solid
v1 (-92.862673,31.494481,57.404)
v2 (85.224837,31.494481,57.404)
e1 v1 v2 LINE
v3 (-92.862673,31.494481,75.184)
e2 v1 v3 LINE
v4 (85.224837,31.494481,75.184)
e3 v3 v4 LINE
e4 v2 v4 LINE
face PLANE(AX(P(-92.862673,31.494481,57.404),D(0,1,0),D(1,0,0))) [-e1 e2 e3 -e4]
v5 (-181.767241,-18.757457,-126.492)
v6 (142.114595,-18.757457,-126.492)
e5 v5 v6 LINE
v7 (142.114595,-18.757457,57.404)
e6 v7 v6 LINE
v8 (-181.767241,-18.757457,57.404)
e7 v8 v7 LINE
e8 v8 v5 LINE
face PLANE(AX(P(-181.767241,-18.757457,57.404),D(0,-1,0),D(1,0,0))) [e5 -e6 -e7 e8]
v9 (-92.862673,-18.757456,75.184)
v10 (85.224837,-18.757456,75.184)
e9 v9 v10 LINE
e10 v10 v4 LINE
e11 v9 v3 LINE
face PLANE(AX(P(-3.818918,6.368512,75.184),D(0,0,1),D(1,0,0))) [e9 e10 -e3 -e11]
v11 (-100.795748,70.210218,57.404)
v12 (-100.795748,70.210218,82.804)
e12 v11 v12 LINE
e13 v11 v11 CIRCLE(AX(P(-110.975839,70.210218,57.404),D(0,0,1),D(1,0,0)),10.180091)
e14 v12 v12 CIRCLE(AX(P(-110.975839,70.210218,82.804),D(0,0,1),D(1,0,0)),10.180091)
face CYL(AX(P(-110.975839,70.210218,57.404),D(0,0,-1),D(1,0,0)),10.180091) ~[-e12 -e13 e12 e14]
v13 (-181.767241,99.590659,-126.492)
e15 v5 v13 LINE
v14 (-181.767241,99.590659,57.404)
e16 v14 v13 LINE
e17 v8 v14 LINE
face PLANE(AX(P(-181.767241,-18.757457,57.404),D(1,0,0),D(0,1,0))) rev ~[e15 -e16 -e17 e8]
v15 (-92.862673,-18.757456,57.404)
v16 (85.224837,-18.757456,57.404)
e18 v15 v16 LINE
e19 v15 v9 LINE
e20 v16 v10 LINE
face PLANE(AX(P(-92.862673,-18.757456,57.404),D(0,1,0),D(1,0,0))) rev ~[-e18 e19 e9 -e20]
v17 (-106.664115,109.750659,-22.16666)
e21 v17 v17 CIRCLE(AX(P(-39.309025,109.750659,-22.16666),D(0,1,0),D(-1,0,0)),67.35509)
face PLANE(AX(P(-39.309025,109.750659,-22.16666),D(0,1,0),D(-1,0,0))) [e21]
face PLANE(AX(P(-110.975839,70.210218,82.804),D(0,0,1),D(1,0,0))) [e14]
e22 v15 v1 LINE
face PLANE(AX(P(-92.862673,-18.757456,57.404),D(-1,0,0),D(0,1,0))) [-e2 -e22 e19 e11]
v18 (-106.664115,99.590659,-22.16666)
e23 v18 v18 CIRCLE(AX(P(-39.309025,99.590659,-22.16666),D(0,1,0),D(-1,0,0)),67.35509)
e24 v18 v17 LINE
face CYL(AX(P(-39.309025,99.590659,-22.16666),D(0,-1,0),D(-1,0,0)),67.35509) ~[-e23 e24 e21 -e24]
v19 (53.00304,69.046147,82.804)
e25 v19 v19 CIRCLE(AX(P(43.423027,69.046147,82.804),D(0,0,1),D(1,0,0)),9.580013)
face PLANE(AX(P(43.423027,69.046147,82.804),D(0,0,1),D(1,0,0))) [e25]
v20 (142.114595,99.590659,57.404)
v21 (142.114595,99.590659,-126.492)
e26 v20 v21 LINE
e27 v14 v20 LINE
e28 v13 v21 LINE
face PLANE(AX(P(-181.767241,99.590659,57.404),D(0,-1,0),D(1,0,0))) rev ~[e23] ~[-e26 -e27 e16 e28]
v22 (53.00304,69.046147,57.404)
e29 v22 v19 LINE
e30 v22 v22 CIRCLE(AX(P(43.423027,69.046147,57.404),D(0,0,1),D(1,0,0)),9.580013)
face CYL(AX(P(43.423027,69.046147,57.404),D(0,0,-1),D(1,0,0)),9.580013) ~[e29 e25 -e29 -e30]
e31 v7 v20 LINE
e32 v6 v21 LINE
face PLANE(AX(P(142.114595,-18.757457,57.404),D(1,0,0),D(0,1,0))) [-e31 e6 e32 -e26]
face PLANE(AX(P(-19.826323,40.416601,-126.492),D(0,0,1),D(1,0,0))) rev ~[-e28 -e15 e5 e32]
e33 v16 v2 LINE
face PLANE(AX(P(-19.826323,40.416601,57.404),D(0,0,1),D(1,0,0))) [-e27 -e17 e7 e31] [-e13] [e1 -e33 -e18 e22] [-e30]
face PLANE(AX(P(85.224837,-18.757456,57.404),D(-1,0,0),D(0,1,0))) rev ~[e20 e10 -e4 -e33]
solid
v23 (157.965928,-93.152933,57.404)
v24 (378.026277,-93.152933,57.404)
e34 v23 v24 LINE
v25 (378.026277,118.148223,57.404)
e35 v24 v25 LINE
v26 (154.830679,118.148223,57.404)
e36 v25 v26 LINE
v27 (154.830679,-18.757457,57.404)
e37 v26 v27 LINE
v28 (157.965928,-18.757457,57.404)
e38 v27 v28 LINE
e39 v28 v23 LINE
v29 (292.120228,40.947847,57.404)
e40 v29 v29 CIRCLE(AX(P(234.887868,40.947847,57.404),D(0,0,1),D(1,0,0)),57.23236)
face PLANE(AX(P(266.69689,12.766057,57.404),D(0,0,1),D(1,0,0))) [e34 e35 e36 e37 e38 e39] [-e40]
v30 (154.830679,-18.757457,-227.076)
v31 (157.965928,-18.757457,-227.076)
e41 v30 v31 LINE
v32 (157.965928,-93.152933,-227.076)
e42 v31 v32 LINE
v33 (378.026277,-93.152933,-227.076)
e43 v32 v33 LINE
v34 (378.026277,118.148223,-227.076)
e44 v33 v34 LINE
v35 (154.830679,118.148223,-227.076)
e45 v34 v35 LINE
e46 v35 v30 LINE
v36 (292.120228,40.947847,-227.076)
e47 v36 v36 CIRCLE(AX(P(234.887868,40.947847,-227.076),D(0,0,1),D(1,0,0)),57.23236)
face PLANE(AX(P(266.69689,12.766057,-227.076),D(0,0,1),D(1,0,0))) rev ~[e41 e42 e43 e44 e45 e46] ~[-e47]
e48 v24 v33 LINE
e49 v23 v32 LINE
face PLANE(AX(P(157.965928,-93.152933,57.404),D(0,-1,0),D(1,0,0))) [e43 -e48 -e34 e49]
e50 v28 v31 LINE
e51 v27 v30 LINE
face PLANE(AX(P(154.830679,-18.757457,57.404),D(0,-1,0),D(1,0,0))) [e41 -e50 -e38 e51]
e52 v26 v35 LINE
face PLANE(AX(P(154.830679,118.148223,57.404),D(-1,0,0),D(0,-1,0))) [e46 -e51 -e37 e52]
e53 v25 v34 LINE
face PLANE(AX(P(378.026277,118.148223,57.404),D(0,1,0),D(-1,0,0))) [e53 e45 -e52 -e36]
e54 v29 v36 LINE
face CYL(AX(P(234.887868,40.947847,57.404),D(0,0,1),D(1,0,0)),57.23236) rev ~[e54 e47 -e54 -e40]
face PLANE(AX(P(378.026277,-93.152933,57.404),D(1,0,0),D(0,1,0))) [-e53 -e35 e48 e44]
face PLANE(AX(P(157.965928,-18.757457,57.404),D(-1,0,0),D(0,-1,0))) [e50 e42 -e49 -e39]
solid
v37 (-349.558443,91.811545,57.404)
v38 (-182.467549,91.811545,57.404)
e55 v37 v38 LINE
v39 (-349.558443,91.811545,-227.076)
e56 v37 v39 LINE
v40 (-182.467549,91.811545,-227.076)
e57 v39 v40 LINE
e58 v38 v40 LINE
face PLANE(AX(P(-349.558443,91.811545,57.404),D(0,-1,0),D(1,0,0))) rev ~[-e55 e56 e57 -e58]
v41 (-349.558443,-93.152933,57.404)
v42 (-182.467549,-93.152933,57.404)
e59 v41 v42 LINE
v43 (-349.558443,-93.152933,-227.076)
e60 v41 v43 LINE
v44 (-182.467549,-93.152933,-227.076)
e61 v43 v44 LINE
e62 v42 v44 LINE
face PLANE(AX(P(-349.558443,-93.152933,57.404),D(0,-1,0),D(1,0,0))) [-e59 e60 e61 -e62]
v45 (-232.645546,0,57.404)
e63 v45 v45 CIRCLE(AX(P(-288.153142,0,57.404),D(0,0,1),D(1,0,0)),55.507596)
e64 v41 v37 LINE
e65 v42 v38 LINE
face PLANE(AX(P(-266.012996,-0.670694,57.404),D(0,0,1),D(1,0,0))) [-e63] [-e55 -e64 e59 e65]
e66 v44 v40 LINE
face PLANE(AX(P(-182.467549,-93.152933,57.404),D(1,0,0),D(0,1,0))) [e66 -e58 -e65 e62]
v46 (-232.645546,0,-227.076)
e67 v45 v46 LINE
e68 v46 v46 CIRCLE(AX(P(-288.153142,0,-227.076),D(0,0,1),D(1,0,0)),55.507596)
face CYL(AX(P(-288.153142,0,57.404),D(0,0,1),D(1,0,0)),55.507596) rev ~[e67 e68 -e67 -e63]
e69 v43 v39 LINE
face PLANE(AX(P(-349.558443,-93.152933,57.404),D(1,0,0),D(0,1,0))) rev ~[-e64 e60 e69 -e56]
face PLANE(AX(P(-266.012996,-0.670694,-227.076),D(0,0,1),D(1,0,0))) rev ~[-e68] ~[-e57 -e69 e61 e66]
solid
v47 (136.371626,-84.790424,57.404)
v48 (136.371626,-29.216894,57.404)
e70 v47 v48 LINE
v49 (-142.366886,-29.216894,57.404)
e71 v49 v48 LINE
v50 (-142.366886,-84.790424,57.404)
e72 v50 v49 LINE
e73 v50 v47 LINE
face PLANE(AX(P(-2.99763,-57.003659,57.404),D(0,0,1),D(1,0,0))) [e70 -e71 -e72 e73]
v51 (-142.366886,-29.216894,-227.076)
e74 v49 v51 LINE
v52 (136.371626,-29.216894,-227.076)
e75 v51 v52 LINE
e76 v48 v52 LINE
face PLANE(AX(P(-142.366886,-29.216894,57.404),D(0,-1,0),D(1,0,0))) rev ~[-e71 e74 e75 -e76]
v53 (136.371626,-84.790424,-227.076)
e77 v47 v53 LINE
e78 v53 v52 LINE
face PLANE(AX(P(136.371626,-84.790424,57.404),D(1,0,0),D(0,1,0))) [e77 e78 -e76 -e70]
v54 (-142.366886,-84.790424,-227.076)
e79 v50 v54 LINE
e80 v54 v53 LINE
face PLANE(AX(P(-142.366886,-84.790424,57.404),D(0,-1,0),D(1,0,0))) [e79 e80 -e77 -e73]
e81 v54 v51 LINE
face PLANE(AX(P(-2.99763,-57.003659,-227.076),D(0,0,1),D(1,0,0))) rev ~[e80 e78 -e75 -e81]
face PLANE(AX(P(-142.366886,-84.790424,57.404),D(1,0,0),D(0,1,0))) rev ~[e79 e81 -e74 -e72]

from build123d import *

# Parameters (mm, degrees)
F0_W      = 204.554647
F0_H      = 31.726852
F1_DEPTH  = 57.404
F2_R      = 10.180091
F2_R_2    = 9.580013
F3_DEPTH  = 25.4
F4_W      = 323.881835
F4_H      = 118.348116
F5_DEPTH  = 183.896
F7_W      = 278.738513
F7_H      = 55.573529
F6_R      = 57.23236
F6_W      = 167.090893
F6_H      = 184.964478
F6_R_2    = 55.507596
F8_DEPTH  = 284.48
F9_R      = 67.35509
F10_DEPTH = 10.16
F11_W     = 178.08751
F11_H     = 50.251937
F12_DEPTH = 17.78


with BuildPart() as f1:
    # F0 (on Top) → F1 (new body)
    with BuildSketch(Plane.XY):
        with Locations((-32.674968, 70.063397)):
            Rectangle(F0_W, F0_H)
    extrude(amount=F1_DEPTH)

    # F2 (on face) → F3 (join)
    with BuildSketch(Plane.XY.offset(57.404)):
        with Locations((-110.975839, 70.210218)):
            Circle(F2_R)
        with Locations((43.423027, 69.046147)):
            Circle(F2_R_2)
    extrude(amount=F3_DEPTH)

    # F4 (on face) → F5 (join)
    with BuildSketch(Plane.XY.offset(57.404)):
        with Locations((-19.826323, 40.416601)):
            Rectangle(F4_W, F4_H)
    extrude(amount=-F5_DEPTH)

    # F9 (on face) → F10 (join)
    with BuildSketch(Plane(origin=(0, 99.590659, 0), x_dir=(-1, 0, 0), z_dir=(0, 1, 0))):
        with Locations((39.309025, -22.16666)):
            Circle(F9_R)
    extrude(amount=F10_DEPTH)

    # F11 (on face) → F12 (join)
    with BuildSketch(Plane.XY.offset(57.404)):
        with Locations((-3.818918, 6.368512)):
            Rectangle(F11_W, F11_H)
    extrude(amount=F12_DEPTH)


with BuildPart() as f8:
    # F7 (on face) + F6 (on face) → F8 (new body)
    with BuildSketch(Plane.XY.offset(57.404)):
        with Locations((-2.99763, -57.003659)):
            Rectangle(F7_W, F7_H)
    with BuildSketch(Plane.XY.offset(57.404)):
        Polygon((154.830679, 118.148223), (154.830679, -18.757457), (157.965928, -18.757457), (157.965928, -93.152933), (378.026277, -93.152933), (378.026277, 118.148223), align=None)
        with Locations((234.887868, 40.947847)):
            Circle(F6_R, mode=Mode.SUBTRACT)
        with Locations((-266.012996, -0.670694)):
            Rectangle(F6_W, F6_H)
        with Locations((-288.153142, 0)):
            Circle(F6_R_2, mode=Mode.SUBTRACT)
    extrude(amount=-F8_DEPTH)


solid = Compound([f1.part, f8.part])
